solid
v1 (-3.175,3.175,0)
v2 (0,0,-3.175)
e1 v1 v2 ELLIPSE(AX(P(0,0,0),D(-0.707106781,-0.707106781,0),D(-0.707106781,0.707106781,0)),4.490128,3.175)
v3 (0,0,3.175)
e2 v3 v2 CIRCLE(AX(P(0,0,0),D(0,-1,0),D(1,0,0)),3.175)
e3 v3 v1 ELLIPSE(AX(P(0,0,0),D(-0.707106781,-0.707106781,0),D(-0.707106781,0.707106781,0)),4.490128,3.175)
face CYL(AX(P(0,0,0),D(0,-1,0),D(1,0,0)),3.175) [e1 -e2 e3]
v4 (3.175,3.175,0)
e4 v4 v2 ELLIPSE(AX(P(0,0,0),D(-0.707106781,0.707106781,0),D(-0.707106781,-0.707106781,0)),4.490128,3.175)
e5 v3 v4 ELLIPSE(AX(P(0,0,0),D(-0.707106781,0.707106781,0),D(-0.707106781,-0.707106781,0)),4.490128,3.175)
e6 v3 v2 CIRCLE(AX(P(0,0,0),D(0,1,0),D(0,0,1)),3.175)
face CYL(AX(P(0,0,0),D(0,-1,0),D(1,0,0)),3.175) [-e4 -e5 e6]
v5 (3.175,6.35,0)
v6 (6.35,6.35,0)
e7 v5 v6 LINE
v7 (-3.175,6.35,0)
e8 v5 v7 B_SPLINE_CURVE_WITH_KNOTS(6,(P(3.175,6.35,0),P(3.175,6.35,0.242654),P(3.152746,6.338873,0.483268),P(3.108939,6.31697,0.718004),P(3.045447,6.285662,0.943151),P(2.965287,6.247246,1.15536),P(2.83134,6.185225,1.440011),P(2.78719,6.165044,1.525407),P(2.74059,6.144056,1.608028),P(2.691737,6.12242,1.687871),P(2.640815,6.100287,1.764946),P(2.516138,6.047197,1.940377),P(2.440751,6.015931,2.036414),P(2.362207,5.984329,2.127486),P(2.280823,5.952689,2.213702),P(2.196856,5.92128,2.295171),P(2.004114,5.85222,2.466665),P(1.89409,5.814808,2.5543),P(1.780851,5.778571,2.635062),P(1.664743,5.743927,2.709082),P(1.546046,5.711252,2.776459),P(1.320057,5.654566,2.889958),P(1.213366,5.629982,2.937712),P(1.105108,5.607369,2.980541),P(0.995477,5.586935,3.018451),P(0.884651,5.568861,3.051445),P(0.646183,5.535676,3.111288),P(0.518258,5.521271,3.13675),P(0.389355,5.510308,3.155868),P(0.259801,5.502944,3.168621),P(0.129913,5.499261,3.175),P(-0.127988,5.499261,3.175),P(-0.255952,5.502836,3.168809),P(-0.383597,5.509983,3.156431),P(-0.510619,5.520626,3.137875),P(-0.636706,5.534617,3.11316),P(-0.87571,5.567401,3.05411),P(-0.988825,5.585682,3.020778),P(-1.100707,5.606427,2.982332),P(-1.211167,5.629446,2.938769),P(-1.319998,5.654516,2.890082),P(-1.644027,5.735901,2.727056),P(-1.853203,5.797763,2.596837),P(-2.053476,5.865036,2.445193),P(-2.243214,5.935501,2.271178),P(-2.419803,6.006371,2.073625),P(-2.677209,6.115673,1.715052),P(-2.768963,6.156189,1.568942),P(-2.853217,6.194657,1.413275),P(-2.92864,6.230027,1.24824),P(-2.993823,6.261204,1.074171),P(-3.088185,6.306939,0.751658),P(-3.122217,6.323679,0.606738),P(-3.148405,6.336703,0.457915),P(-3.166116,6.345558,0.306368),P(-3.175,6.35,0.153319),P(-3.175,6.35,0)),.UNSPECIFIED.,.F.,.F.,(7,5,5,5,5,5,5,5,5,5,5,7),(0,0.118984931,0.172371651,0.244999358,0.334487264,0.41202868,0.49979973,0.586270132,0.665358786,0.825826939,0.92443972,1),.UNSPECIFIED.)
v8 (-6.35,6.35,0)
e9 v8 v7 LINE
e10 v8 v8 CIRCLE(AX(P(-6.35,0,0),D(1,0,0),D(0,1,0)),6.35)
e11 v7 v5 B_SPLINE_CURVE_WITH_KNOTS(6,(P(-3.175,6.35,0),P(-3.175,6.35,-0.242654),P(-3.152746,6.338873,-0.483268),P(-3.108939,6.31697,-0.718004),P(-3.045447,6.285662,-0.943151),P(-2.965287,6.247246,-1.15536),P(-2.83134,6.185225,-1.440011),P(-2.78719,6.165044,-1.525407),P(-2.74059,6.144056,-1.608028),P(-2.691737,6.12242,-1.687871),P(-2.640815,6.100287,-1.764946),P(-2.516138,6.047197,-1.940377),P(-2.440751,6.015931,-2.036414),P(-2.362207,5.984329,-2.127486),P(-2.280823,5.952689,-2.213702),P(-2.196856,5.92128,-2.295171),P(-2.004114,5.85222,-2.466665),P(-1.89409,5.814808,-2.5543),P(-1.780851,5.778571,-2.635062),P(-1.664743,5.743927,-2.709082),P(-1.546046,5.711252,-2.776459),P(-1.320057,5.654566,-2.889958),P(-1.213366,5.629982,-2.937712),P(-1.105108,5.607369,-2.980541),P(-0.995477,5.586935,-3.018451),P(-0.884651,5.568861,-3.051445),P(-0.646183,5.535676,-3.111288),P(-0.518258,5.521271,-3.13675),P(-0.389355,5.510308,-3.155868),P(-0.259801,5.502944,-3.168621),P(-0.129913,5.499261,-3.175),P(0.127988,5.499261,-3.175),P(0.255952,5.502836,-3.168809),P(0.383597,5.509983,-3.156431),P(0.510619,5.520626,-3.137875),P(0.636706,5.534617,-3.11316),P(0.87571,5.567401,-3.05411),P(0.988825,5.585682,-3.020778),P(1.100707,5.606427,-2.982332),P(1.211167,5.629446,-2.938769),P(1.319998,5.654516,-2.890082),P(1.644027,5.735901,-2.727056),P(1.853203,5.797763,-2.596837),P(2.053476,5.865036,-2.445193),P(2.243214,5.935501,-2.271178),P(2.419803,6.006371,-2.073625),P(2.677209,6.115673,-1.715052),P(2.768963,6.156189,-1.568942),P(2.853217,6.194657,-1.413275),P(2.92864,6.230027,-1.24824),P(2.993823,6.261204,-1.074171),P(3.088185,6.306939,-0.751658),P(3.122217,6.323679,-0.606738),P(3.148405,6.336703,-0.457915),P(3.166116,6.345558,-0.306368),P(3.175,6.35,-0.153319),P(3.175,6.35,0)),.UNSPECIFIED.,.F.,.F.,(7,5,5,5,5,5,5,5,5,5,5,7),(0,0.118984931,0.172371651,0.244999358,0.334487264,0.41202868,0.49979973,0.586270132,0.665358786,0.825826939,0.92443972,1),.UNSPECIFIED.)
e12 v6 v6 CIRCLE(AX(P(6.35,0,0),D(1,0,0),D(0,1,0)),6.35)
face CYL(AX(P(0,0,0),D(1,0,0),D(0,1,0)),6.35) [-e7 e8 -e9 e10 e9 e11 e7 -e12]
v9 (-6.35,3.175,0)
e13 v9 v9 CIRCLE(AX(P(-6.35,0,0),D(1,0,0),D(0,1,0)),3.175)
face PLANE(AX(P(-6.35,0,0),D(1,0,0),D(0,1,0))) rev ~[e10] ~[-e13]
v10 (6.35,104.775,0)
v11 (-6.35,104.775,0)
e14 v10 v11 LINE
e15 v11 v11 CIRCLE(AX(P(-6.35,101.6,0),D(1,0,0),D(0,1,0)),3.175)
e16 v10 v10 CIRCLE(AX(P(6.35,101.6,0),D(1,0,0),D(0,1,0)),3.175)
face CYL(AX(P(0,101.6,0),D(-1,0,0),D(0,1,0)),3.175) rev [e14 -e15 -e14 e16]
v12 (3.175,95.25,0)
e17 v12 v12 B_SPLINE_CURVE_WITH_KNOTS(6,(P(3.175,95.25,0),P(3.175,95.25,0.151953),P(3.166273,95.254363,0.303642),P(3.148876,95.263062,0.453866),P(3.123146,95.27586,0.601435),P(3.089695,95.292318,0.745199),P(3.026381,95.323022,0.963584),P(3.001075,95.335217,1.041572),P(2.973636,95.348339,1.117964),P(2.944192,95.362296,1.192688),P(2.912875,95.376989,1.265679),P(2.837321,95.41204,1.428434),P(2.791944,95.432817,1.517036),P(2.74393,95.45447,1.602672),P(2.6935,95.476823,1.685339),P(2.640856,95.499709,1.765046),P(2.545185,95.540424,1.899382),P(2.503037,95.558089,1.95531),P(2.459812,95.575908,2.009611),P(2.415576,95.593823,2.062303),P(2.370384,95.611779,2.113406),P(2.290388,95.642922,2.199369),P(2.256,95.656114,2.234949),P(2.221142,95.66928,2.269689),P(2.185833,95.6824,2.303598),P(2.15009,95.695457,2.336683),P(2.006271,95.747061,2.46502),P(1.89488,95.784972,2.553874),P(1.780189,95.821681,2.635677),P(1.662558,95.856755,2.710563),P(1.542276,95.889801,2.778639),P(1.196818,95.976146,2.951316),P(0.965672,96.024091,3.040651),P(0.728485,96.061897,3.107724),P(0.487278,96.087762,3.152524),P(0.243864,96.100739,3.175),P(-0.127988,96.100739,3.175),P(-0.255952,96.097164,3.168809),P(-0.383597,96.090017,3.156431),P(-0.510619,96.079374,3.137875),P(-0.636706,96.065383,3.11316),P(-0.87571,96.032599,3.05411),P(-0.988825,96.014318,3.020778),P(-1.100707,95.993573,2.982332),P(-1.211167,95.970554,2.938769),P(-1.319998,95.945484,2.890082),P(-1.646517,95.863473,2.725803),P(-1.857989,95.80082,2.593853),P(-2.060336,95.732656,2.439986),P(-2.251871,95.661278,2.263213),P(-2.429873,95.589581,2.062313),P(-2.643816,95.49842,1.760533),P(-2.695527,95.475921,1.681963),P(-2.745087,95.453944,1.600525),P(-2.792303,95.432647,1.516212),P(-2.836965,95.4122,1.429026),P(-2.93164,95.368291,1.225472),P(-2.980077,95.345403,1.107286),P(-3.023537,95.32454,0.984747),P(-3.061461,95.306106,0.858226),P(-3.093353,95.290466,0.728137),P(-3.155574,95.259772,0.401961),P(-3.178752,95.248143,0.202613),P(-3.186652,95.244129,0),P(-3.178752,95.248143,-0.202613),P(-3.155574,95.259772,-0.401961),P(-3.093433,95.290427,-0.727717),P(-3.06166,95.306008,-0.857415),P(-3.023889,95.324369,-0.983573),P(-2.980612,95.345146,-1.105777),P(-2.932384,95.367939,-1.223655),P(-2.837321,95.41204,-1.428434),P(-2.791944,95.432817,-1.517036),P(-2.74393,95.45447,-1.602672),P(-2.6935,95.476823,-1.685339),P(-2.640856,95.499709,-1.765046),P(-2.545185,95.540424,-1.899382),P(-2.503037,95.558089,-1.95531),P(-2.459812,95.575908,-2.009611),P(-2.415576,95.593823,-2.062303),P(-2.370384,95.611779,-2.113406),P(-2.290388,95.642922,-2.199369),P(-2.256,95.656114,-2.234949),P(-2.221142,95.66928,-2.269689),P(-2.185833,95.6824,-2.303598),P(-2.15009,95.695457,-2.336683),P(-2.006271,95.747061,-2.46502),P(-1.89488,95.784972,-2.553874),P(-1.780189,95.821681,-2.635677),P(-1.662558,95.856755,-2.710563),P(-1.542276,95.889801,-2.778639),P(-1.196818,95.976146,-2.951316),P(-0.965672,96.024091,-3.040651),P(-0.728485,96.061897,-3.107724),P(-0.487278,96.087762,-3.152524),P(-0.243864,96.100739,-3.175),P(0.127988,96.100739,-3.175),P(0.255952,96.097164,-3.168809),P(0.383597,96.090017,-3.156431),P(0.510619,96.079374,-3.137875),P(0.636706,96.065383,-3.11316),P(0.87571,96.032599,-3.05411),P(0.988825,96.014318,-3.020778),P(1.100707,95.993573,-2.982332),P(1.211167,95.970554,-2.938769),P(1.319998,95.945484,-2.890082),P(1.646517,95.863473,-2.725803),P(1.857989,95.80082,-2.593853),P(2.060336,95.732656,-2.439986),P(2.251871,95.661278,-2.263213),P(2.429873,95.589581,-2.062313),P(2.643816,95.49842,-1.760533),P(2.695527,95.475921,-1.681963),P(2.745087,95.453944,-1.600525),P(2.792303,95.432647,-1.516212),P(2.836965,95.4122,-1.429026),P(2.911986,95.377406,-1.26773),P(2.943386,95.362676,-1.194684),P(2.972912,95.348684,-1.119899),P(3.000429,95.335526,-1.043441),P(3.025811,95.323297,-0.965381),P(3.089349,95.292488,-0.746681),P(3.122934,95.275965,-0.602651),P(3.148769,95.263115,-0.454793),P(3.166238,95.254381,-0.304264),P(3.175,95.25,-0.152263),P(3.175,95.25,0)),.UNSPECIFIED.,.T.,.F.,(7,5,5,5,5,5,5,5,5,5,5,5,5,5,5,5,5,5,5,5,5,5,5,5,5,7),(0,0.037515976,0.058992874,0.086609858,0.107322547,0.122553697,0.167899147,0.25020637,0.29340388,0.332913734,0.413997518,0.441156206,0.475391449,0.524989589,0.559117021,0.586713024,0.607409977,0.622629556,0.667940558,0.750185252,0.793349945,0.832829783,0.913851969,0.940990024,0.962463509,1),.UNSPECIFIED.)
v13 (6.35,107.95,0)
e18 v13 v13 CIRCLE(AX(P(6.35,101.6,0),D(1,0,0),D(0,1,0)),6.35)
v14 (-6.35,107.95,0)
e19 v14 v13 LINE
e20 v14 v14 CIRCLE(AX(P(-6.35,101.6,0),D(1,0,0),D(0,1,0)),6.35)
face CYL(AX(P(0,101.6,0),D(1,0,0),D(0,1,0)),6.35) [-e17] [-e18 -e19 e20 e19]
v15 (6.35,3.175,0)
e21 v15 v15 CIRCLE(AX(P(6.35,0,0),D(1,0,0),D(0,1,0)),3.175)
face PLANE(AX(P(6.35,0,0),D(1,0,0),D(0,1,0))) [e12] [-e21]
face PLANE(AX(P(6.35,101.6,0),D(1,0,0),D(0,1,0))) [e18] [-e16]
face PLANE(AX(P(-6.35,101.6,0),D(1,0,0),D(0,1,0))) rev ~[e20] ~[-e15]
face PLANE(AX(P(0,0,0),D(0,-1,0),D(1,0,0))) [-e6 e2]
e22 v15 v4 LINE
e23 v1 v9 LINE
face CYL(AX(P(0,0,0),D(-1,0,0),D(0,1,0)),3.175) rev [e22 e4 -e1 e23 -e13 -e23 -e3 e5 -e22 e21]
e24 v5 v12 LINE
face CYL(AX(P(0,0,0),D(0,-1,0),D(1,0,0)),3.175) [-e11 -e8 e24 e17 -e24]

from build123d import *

# Parameters (mm, degrees)
F0_R     = 6.35
F0_R_2   = 3.175
F2_DEPTH = 6.35
F1_R     = 3.175
F3_DEPTH = 97.100738786


with BuildPart() as f2:
    # F0 (on Right) → F2 (new body, symmetric)
    with BuildSketch(Plane.YZ):
        Circle(F0_R)
        Circle(F0_R_2, mode=Mode.SUBTRACT)
    extrude(amount=F2_DEPTH, both=True)



with BuildPart() as f2b:
    # F0 (on Right) → F2, piece 2 (new body, symmetric)
    with BuildSketch(Plane.YZ):
        with Locations((101.6, 0)):
            Circle(F0_R)
        with Locations((101.6, 0)):
            Circle(F0_R_2, mode=Mode.SUBTRACT)
    extrude(amount=F2_DEPTH, both=True)


with BuildPart() as f2_1:
    add(f2.part)

    add(f2b.part)  # F3 merges F2b
    # F1 (on Front) → F3 (join, up to face)
    with BuildSketch(Plane.XZ):
        Circle(F1_R)
    extrude(amount=-F3_DEPTH)


solid = f2_1.part
